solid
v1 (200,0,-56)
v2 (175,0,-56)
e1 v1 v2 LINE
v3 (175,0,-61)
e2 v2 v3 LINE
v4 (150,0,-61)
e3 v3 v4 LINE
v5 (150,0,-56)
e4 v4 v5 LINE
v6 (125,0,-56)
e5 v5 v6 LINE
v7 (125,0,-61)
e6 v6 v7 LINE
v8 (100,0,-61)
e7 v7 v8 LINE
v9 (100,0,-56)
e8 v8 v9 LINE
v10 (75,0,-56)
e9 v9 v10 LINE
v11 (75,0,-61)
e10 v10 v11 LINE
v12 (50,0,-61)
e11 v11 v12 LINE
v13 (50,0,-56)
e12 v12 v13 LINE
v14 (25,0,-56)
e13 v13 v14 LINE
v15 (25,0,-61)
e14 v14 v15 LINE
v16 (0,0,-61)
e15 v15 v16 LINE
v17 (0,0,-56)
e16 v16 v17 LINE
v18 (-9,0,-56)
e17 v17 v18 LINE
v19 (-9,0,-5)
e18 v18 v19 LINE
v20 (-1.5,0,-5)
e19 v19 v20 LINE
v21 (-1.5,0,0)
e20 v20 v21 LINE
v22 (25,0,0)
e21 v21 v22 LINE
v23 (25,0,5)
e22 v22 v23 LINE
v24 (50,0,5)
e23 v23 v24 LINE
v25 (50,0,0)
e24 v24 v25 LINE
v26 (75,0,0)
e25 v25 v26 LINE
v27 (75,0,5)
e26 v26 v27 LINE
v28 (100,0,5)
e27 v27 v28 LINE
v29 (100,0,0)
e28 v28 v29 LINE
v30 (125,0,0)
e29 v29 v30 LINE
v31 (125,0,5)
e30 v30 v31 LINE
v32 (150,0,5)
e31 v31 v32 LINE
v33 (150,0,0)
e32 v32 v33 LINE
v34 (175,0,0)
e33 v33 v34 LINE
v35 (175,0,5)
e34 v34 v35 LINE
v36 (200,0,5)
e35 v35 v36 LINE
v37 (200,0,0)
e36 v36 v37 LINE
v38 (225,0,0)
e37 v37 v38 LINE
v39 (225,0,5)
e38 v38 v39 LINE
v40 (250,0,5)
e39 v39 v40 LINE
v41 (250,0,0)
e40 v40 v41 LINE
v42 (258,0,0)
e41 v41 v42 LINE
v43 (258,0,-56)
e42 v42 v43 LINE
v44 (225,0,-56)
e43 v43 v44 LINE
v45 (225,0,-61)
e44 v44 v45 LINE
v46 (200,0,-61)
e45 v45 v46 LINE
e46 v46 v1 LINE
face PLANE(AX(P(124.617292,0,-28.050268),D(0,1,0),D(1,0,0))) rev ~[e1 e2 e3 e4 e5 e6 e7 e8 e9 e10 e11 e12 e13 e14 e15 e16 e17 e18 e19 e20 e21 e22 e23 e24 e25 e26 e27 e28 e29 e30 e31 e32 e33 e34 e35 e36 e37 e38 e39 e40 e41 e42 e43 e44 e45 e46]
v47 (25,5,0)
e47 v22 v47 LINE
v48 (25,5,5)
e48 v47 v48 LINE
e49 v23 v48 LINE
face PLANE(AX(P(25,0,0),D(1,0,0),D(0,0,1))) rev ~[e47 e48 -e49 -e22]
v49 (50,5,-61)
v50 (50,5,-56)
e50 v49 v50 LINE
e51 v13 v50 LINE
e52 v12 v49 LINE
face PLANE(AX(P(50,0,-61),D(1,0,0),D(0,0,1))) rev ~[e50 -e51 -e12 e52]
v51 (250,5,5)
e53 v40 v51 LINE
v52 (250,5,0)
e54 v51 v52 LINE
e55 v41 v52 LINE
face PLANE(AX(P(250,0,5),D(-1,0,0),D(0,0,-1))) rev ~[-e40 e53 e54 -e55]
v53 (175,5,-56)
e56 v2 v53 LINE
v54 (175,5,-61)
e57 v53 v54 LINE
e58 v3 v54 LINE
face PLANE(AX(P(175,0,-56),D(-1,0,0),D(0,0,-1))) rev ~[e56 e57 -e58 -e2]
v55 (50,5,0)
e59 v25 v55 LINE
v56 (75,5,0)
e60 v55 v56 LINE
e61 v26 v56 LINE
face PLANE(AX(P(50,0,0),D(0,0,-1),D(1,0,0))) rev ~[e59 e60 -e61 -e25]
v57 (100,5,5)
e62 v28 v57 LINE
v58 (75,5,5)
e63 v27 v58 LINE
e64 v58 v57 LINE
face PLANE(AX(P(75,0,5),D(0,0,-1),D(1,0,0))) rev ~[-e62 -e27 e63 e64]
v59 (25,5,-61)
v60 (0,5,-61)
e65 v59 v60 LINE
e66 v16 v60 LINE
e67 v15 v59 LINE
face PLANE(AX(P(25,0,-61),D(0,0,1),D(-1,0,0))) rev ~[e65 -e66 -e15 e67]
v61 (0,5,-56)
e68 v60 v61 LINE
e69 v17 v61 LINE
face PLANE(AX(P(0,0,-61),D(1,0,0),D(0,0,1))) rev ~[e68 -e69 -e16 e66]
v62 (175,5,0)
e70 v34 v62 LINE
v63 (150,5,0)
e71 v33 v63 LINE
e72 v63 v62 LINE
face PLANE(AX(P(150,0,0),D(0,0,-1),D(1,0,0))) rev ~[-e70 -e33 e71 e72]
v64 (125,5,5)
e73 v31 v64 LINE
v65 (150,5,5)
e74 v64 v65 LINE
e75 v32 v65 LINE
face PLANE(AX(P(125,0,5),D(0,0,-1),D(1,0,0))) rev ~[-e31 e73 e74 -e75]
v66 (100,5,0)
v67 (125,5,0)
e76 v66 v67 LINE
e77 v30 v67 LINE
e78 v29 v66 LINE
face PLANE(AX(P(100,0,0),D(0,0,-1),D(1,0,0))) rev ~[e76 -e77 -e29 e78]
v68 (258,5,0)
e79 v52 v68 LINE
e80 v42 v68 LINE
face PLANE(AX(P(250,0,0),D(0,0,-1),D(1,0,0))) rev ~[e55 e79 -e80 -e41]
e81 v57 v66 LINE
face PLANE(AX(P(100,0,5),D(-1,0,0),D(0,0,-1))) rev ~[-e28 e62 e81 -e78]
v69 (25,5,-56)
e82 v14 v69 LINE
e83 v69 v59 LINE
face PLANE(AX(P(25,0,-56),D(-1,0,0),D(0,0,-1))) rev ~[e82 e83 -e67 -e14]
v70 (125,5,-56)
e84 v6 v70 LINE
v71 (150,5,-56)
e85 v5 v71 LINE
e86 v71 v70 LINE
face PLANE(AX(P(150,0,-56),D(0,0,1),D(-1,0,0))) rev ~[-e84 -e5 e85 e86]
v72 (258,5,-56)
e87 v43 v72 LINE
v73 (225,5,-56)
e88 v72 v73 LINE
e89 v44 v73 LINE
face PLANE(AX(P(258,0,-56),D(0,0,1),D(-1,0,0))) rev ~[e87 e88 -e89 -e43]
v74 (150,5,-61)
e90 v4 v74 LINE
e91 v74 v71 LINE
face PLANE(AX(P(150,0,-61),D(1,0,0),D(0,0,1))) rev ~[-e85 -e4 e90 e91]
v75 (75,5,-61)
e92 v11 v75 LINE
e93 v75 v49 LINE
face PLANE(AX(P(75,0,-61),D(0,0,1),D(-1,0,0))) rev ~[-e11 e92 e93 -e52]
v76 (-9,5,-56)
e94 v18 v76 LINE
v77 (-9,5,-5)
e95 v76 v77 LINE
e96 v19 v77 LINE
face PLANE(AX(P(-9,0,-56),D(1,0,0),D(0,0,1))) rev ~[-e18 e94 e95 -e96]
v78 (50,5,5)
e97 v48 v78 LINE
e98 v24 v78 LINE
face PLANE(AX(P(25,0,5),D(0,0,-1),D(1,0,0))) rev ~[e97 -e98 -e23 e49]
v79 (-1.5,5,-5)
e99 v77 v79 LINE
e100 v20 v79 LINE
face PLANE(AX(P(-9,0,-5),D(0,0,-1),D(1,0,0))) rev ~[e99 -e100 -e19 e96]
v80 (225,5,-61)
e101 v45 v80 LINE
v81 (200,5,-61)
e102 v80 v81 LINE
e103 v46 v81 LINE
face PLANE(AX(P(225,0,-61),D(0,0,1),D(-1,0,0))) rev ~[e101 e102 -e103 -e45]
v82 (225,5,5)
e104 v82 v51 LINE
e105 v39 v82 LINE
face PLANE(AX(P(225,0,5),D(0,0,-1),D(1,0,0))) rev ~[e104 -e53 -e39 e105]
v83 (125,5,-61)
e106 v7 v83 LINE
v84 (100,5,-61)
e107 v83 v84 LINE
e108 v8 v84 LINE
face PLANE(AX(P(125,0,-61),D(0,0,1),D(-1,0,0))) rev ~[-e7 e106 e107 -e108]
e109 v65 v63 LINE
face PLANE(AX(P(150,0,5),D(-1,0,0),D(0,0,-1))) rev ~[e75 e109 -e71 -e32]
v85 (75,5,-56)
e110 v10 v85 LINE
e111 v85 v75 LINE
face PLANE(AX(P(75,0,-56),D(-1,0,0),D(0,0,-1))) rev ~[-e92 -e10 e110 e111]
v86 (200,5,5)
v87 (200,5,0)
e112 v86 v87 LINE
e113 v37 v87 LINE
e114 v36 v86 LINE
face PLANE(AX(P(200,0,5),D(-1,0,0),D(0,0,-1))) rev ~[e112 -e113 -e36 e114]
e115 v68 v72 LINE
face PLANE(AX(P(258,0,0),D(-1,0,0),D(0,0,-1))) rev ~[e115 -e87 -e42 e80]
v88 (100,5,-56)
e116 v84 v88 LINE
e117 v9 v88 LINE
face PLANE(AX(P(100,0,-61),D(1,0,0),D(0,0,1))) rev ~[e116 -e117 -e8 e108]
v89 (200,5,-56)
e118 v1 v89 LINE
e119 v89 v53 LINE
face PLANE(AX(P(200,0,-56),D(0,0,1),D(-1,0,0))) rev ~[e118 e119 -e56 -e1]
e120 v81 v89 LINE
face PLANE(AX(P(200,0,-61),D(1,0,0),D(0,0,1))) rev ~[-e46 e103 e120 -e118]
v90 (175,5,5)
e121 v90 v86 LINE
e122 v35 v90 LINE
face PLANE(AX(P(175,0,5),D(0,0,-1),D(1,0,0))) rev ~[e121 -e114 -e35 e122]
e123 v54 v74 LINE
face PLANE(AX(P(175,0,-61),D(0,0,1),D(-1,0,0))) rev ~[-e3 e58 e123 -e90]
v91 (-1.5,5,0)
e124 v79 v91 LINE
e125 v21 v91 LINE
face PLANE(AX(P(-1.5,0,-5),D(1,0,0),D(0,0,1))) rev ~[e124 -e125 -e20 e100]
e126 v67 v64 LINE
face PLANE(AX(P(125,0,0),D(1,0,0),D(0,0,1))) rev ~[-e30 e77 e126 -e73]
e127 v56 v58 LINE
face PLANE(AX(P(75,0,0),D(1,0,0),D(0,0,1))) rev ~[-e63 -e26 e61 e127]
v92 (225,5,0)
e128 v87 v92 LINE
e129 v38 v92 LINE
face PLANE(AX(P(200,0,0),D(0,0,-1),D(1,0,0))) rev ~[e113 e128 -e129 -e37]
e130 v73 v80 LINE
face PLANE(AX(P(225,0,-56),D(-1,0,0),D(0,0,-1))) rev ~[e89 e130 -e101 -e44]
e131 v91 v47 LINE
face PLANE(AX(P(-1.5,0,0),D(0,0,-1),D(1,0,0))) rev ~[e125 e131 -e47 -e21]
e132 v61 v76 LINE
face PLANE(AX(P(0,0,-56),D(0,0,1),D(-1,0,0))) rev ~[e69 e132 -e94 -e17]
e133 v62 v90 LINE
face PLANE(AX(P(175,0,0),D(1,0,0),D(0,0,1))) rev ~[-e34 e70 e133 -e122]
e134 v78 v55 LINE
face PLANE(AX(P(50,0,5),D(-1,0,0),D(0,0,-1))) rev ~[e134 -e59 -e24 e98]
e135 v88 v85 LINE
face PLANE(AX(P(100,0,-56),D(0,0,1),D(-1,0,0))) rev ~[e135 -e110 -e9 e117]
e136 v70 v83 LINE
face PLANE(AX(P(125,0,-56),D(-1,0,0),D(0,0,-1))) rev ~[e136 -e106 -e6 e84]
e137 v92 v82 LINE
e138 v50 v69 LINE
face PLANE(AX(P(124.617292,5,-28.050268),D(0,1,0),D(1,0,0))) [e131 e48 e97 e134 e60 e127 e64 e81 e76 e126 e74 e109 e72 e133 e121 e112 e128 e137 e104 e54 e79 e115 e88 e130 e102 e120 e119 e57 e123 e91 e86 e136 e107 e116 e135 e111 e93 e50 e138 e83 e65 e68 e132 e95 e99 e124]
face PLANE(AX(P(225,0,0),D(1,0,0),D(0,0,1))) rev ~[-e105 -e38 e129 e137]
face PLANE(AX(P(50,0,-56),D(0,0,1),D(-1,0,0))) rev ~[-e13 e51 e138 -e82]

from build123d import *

# Parameters (mm, degrees)
BOSS_EXTRUDE1_DEPTH = 5


with BuildPart() as part:
    # Sketch1 → Boss-Extrude1 (new body)
    with BuildSketch(Plane(origin=(0, 0, 0), x_dir=(1, 0, 0), z_dir=(0, 1, 0))):
        Polygon((50, 56), (25, 56), (25, 61), (0, 61), (0, 56), (-9, 56), (-9, 5), (-1.5, 5), (-1.5, 0), (25, 0), (25, -5), (50, -5), (50, 0), (75, 0), (75, -5), (100, -5), (100, 0), (125, 0), (125, -5), (150, -5), (150, 0), (175, 0), (175, -5), (200, -5), (200, 0), (225, 0), (225, -5), (250, -5), (250, 0), (258, 0), (258, 56), (225, 56), (225, 61), (200, 61), (200, 56), (175, 56), (175, 61), (150, 61), (150, 56), (125, 56), (125, 61), (100, 61), (100, 56), (75, 56), (75, 61), (50, 61), align=None)
    extrude(amount=BOSS_EXTRUDE1_DEPTH)


solid = part.part
